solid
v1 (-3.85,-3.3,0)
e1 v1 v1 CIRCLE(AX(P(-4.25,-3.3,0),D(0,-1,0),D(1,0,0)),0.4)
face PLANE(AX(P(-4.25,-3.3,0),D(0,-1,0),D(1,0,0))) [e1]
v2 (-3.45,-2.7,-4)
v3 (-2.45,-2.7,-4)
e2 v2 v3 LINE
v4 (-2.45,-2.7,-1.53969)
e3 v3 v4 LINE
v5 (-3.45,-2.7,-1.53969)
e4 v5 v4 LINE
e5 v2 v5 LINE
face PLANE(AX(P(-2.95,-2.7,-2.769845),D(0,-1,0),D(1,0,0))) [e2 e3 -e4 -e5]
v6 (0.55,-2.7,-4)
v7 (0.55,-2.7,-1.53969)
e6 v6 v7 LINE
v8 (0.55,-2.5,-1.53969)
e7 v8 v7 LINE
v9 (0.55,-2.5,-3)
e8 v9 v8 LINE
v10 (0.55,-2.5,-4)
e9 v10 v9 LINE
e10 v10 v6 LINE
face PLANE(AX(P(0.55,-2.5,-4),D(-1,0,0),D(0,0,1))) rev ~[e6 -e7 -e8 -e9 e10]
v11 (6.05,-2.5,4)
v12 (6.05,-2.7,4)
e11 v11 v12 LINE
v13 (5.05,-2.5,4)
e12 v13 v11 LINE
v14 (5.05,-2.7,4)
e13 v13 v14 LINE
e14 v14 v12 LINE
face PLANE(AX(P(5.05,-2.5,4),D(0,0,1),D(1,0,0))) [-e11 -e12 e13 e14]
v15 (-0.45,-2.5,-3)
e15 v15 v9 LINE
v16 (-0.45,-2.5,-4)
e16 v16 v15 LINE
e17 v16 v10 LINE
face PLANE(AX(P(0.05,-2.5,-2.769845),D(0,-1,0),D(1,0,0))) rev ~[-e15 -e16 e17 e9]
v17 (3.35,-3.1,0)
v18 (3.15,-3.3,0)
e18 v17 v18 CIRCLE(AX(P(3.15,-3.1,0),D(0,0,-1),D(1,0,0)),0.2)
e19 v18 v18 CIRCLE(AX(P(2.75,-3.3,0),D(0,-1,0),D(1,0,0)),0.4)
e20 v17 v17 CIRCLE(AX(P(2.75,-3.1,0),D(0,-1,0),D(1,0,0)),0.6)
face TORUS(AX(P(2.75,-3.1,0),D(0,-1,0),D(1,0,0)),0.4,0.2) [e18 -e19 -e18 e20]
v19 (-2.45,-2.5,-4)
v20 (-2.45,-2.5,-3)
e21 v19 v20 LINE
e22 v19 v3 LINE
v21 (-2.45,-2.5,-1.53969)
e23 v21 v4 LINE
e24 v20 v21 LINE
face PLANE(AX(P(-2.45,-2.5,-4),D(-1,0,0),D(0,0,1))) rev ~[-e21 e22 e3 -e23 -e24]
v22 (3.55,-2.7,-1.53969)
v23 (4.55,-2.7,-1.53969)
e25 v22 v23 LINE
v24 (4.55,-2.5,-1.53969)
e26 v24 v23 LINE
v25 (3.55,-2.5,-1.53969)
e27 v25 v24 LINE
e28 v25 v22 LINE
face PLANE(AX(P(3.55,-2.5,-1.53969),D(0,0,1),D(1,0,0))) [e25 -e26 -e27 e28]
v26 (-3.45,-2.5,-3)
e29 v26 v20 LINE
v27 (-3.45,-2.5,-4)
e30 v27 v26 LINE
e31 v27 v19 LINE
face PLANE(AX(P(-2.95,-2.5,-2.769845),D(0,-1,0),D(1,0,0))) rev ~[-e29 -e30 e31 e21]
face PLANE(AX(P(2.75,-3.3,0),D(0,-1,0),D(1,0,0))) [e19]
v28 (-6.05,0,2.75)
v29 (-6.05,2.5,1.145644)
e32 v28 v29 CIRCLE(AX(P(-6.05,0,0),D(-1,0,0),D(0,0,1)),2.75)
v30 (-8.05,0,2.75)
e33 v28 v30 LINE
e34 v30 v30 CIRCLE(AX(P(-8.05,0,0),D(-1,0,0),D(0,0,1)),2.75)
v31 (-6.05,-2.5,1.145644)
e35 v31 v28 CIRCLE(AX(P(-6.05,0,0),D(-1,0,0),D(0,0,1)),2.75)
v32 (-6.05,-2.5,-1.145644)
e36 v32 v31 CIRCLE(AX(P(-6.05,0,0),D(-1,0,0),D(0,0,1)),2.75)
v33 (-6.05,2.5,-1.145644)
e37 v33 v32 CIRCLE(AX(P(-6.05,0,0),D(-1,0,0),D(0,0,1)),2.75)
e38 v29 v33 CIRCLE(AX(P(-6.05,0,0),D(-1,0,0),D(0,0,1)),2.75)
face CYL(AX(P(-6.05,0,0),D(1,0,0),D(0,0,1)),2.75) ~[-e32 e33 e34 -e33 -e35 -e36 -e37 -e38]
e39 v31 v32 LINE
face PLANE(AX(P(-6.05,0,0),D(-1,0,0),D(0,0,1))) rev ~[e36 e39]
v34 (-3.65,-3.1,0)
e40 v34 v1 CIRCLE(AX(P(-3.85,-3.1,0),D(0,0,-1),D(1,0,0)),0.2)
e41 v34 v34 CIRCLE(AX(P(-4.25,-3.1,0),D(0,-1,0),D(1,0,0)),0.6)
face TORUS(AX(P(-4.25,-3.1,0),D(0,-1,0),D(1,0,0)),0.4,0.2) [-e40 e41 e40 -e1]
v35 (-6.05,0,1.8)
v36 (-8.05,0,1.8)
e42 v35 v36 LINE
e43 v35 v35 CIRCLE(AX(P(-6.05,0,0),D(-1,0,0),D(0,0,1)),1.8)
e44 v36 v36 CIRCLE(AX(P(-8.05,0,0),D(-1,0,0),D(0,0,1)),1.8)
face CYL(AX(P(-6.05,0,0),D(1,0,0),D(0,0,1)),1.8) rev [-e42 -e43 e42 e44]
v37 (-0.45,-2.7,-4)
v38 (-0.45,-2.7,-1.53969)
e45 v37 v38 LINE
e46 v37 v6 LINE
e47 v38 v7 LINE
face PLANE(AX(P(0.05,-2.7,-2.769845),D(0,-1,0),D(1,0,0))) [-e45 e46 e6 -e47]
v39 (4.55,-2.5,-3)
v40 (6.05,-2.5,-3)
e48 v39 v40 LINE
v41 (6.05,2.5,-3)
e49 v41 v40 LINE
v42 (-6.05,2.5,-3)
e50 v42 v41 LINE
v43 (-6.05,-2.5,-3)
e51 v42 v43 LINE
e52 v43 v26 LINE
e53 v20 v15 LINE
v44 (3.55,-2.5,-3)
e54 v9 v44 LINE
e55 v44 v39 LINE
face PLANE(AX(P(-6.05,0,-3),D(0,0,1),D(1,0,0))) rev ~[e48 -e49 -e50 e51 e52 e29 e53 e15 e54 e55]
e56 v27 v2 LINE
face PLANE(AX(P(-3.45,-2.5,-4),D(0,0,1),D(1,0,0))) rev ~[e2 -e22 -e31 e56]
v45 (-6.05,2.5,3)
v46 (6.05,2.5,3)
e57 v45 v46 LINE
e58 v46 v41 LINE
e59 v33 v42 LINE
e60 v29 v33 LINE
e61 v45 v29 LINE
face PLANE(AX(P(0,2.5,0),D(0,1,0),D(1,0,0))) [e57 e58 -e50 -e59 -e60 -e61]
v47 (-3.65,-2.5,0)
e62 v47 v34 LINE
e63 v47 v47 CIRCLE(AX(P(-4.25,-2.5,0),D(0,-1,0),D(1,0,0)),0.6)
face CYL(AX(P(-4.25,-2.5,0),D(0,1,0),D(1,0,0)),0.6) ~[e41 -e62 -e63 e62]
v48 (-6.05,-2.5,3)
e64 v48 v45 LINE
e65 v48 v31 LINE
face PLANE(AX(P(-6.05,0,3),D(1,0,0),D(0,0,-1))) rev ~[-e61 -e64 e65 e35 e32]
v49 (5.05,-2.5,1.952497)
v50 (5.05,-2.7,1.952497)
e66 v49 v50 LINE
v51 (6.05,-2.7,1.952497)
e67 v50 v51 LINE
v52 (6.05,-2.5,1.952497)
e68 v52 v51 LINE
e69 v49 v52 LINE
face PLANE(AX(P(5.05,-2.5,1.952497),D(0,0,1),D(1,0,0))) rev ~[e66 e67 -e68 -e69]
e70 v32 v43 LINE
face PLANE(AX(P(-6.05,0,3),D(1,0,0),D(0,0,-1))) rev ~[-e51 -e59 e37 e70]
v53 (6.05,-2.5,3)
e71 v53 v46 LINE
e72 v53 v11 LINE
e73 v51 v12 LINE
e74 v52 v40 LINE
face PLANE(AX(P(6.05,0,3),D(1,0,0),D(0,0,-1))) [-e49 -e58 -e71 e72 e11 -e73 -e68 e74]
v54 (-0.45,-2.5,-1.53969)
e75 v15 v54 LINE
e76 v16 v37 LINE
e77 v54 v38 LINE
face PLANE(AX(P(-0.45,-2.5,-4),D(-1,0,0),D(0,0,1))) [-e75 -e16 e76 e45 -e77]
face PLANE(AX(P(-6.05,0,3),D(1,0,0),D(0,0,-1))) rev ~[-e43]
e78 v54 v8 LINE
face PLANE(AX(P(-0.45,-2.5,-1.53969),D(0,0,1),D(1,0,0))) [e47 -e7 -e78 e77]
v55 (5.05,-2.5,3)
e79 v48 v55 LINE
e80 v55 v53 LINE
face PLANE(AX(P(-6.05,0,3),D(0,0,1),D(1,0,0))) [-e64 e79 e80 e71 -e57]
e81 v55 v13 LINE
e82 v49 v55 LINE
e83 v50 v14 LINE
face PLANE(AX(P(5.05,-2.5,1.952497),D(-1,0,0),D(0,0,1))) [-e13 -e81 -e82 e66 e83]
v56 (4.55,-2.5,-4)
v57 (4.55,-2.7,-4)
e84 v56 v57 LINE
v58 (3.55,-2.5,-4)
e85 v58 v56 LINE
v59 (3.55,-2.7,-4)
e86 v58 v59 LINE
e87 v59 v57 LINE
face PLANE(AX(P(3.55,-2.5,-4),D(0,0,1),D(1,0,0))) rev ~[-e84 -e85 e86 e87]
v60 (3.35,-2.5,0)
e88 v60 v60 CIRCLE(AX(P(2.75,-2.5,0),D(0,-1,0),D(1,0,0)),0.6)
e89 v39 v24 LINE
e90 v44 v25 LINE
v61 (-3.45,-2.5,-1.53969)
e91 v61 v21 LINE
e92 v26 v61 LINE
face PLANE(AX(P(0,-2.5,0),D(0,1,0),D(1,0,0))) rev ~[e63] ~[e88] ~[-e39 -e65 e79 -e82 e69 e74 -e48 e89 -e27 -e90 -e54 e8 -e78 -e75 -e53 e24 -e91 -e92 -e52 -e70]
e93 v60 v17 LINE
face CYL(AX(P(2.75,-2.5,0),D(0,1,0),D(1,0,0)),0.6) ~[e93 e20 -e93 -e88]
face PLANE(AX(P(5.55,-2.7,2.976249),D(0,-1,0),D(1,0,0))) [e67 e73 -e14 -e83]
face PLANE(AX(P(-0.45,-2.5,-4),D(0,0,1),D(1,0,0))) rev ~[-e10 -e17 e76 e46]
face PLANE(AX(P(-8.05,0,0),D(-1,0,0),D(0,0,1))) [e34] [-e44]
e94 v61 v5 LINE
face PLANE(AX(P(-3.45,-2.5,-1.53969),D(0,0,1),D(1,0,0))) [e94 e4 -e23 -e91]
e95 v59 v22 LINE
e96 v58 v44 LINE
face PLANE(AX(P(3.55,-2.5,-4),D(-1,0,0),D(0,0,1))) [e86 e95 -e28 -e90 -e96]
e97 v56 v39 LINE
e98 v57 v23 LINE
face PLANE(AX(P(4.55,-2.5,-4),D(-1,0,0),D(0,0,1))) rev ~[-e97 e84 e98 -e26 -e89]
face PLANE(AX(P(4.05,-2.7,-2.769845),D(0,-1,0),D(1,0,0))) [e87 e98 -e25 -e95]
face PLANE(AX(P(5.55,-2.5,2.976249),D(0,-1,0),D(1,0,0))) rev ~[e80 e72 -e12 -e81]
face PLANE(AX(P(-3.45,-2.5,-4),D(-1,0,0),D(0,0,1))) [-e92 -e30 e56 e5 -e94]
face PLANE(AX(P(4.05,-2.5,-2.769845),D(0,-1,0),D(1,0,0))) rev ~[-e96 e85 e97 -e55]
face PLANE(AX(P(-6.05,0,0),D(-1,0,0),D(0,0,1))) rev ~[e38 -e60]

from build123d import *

# Parameters (mm, degrees)
SKETCH1_W           = 12.1
SKETCH1_H           = 6
BOSS_EXTRUDE1_DEPTH = 2.5
SKETCH2_R           = 2.75
SKETCH2_R_2         = 1.8
BOSS_EXTRUDE2_DEPTH = 2
SKETCH3_R           = 0.6
BOSS_EXTRUDE3_DEPTH = 0.8
FILLET1_R           = 0.2
SKETCH4_W           = 1
SKETCH4_H           = 2.460309858
SKETCH4_H_2         = 2.047502849
BOSS_EXTRUDE4_DEPTH = 0.2


with BuildPart() as part:
    # Sketch1 → Boss-Extrude1 (new body, symmetric)
    with BuildSketch(Plane(origin=(0, 0, 0), x_dir=(1, 0, 0), z_dir=(0, 1, 0))):
        Rectangle(SKETCH1_W, SKETCH1_H)
    extrude(amount=BOSS_EXTRUDE1_DEPTH, both=True)

    # Sketch2 → Boss-Extrude2 (add)
    with BuildSketch(Plane.ZY.offset(6.05)):
        Circle(SKETCH2_R)
        Circle(SKETCH2_R_2, mode=Mode.SUBTRACT)
    extrude(amount=BOSS_EXTRUDE2_DEPTH)

    # Sketch3 → Boss-Extrude3 (add)
    with BuildSketch(Plane.XZ.offset(2.5)):
        with Locations((-4.25, 0)):
            Circle(SKETCH3_R)
        with Locations((2.75, 0)):
            Circle(SKETCH3_R)
    extrude(amount=BOSS_EXTRUDE3_DEPTH)

    # Fillet1
    fillet1_edges = [part.edges().sort_by_distance(p)[0] for p in [
        (-4.85, -3.3, 0),
        (2.15, -3.3, 0),
    ]]
    fillet(fillet1_edges, radius=FILLET1_R)

    # Sketch4 → Boss-Extrude4 (add)
    with BuildSketch(Plane.XZ.offset(2.5)):
        with Locations((-2.95, -2.769845071)):
            Rectangle(SKETCH4_W, SKETCH4_H)
        with Locations((0.05, -2.769845071)):
            Rectangle(SKETCH4_W, SKETCH4_H)
        with Locations((4.05, -2.769845071)):
            Rectangle(SKETCH4_W, SKETCH4_H)
        with Locations((5.55, 2.976248576)):
            Rectangle(SKETCH4_W, SKETCH4_H_2)
    extrude(amount=BOSS_EXTRUDE4_DEPTH)


solid = part.part
